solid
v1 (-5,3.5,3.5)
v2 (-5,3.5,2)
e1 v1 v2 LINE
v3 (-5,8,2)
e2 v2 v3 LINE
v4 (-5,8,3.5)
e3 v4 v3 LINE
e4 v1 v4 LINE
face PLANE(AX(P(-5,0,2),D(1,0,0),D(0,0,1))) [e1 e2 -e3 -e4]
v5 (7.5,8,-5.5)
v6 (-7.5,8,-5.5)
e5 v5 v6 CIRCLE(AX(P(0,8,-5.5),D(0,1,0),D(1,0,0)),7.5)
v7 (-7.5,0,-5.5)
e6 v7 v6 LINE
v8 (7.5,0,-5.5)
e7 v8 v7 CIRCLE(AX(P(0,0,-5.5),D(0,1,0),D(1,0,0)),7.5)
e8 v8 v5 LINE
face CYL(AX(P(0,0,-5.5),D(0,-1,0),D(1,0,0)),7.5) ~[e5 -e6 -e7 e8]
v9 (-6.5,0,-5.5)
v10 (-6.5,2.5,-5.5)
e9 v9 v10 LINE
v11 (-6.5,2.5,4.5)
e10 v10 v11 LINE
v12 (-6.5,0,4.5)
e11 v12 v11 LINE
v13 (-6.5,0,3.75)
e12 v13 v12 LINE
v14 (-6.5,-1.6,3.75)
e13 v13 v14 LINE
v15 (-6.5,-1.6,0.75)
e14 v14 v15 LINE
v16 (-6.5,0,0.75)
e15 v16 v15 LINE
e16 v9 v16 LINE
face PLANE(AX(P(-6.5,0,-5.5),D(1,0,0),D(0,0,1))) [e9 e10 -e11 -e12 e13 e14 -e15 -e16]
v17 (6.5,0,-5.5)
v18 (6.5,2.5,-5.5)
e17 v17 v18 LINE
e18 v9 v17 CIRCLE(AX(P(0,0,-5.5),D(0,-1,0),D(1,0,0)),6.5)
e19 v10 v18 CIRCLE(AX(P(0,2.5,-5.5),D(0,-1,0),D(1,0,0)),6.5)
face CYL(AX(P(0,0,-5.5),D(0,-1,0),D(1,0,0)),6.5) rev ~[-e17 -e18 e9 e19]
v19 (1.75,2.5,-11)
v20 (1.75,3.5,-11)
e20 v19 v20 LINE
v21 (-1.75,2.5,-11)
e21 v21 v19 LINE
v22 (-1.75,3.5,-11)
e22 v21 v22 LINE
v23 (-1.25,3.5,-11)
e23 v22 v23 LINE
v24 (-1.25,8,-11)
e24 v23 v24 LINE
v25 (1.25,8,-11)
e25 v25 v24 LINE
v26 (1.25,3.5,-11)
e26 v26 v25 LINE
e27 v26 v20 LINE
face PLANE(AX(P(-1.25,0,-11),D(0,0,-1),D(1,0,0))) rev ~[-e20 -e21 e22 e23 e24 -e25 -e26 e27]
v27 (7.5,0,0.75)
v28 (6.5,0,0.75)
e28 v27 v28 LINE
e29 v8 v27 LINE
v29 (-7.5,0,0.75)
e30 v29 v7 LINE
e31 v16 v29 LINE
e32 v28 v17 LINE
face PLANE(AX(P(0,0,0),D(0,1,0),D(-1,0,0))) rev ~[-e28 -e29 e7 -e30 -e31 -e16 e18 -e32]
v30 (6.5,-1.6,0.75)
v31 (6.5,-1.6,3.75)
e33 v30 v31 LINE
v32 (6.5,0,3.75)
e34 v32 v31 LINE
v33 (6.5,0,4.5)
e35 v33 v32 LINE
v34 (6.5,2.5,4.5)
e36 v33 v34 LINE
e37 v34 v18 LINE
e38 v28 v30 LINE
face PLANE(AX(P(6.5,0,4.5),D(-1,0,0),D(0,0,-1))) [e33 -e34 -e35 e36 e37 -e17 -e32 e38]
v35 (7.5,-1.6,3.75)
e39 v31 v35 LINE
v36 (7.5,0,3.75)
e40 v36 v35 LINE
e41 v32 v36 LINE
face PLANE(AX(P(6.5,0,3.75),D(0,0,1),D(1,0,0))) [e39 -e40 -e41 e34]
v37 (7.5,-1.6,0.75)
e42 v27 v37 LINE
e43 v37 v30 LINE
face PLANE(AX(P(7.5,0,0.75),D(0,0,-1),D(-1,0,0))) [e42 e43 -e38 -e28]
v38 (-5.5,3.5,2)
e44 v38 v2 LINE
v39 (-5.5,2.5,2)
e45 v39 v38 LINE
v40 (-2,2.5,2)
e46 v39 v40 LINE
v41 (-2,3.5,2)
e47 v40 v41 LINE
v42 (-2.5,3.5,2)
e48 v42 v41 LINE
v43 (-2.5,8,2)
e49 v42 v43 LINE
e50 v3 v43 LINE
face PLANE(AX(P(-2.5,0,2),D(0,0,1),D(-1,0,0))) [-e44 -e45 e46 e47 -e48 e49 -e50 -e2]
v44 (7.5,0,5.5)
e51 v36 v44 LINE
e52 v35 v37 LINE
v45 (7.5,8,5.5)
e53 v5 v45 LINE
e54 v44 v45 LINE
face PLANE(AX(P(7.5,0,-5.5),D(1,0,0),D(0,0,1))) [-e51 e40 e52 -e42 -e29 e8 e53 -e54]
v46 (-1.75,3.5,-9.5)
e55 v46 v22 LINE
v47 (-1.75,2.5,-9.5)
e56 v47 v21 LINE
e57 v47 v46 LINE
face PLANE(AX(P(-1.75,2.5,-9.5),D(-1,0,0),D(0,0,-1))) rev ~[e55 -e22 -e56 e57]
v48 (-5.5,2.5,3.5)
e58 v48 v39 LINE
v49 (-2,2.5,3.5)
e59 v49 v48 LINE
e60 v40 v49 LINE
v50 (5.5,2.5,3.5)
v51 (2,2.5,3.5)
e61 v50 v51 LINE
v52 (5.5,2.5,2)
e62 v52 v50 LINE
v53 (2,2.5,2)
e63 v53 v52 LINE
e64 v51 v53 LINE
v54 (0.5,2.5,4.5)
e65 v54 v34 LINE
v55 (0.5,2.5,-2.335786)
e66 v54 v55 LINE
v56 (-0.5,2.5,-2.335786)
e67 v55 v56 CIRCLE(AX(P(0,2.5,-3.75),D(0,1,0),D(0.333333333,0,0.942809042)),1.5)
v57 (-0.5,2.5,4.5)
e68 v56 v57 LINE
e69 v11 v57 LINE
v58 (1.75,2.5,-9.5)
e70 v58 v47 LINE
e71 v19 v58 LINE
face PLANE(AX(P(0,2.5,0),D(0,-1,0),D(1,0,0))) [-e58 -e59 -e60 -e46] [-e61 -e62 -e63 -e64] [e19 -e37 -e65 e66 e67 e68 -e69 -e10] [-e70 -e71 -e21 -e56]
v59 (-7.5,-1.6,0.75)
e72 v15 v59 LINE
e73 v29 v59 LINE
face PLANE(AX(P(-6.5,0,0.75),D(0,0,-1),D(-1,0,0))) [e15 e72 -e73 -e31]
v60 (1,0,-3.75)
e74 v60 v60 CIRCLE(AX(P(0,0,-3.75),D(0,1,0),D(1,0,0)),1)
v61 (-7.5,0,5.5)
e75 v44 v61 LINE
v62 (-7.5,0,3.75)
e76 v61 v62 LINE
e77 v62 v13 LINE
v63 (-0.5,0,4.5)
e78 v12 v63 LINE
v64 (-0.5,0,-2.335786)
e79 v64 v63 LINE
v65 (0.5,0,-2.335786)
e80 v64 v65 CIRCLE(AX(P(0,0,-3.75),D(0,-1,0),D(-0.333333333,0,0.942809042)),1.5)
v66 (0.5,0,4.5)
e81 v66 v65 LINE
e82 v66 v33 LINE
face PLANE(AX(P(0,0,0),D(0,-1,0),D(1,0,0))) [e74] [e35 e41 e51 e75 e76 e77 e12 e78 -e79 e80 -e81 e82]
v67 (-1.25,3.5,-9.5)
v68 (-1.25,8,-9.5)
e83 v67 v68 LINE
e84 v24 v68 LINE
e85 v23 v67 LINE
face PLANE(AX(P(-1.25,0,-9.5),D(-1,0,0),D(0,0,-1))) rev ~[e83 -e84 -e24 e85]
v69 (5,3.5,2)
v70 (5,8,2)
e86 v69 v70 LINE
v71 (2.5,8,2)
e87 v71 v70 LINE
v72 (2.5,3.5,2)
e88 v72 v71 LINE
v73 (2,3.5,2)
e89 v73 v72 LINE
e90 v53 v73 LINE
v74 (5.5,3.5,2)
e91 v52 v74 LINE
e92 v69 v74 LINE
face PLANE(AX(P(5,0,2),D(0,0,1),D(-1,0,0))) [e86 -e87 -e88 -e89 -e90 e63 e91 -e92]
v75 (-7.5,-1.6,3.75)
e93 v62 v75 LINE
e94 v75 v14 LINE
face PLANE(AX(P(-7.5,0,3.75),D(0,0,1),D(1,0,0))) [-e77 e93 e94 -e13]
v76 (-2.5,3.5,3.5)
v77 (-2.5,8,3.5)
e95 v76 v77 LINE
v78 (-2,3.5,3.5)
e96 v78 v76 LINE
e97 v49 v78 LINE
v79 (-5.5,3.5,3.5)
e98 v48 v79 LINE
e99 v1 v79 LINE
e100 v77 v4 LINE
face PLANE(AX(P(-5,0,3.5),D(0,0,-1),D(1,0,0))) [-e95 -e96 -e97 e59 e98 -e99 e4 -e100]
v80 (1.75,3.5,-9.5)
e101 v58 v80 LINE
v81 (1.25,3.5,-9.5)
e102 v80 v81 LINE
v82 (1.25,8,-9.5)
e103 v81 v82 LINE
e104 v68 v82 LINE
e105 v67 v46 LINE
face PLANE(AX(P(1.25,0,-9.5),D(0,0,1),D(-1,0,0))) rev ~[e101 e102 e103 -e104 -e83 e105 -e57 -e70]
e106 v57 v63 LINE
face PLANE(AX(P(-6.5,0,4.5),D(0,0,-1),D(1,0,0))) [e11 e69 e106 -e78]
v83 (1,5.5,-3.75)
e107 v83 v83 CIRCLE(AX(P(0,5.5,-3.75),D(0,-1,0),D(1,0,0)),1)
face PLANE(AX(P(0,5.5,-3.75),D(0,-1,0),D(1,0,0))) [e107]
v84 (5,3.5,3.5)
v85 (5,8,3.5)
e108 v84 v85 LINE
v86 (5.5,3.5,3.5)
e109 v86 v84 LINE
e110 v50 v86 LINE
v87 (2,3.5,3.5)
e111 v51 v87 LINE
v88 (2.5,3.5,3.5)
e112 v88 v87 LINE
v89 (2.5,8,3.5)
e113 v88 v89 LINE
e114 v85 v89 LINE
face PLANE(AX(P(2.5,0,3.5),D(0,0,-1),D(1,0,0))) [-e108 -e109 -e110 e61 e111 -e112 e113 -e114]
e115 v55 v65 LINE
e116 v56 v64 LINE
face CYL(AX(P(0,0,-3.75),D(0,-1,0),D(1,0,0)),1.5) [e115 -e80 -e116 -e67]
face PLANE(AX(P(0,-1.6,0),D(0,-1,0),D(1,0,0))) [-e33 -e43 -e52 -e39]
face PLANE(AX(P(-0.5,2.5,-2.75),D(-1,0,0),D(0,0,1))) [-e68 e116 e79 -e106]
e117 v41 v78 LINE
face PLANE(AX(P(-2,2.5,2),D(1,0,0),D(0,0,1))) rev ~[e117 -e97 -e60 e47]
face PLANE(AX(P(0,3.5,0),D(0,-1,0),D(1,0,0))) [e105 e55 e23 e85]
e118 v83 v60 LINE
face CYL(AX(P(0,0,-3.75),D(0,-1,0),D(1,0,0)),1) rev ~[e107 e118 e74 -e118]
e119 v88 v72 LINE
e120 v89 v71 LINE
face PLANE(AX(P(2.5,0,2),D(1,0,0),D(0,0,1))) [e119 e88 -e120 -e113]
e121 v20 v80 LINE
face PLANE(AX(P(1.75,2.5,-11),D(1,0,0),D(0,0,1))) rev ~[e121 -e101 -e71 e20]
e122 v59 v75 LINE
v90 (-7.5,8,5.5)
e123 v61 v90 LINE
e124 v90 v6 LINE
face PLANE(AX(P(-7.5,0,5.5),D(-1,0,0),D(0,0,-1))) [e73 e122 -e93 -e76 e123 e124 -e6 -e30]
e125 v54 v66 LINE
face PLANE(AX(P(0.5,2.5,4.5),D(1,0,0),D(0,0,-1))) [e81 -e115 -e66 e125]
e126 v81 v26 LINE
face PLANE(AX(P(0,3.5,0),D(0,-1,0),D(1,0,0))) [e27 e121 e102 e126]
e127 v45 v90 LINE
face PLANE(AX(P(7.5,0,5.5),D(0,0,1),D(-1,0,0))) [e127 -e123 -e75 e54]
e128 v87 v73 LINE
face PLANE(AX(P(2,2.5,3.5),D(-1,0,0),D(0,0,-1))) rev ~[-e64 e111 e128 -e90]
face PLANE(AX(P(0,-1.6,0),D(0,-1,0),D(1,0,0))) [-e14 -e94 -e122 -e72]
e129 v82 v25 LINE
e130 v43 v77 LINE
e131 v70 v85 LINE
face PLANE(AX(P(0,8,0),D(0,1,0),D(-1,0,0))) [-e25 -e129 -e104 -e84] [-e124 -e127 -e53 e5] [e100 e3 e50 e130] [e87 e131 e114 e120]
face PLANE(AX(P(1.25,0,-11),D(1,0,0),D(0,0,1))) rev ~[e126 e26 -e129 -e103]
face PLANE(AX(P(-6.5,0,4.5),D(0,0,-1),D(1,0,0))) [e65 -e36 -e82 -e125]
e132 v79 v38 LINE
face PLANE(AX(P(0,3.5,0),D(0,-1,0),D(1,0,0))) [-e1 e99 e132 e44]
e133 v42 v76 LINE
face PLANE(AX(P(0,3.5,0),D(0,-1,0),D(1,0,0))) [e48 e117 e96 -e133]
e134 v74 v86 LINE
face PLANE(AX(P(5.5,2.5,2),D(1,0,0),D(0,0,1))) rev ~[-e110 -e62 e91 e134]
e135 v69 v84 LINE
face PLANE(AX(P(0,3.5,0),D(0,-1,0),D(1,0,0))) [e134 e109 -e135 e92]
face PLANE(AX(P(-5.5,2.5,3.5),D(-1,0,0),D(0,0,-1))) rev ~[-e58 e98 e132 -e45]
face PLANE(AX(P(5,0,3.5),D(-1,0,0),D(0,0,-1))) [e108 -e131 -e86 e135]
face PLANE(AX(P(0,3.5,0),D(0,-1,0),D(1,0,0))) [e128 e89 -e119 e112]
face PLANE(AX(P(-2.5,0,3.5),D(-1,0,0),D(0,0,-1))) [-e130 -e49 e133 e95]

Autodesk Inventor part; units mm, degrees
ref_plane "YZ Plane" through (0, 0, 0) normal (1, 0, 0) x (0, 1, 0)
ref_plane "XZ Plane" through (0, 0, 0) normal (0, 1, 0) x (-1, 0, 0)
ref_plane "XY Plane" through (0, 0, 0) normal (0, 0, 1) x (1, 0, 0)
sketch "Sketch1" plane through (0, 0, 0) normal (0, 1, 0) x (-1, 0, 0)
  line L0 (-7.5, 5.5) -> (7.5, 5.5)
  line L1 (7.5, 5.5) -> (7.5, -5.5)
  line L2 (7.5, -5.5) -> (-7.5, -5.5)
  line L3 (-7.5, -5.5) -> (-7.5, 5.5)
  line L4 (-7.5, 5.5) -> (7.5, -5.5) construction
  line L5 (7.5, 5.5) -> (-7.5, -5.5) construction
  circle A0 centre (0, -5.5) radius 7.5 construction
  arc A1 (-7.5, -5.5) -> (7.5, -5.5) centre (0, -5.5) ccw
  point P0 (0, 0)
  dimension "d0" = 11
  dimension "d1" = 15
extrude "Extrusion1" add sketch "Sketch1" along normal blind 8
sketch "Sketch2" plane through (0, 0, 0) normal (0, -1, 0) x (1, 0, 0)
  line L0 (7.5, 9.25) -> (-7.5, 9.25)
  line L1 (-7.5, 9.25) -> (-7.5, -20.75)
  line L2 (-7.5, -20.75) -> (7.5, -20.75)
  line L3 (7.5, -20.75) -> (7.5, 9.25)
  line L4 (7.5, 9.25) -> (-7.5, -20.75) construction
  line L5 (-7.5, 9.25) -> (7.5, -20.75) construction
  line L6 (-7.5, 5.5) -> (7.5, 5.5) projected
  line L7 (7, 8.75) -> (-7, 8.75) construction
  line L8 (-7, 8.75) -> (-7, -20.25) construction
  line L9 (-7, -20.25) -> (7, -20.25) construction
  line L10 (7, -20.25) -> (7, 8.75) construction
  line L11 (7, 8.75) -> (-7, -20.25) construction
  line L12 (-7, 8.75) -> (7, -20.25) construction
  point P0 (0, 0)
  point P1 (0, -5.75)
  dimension "d4" = 15
  dimension "d5" = 30
  dimension "d6" = 3.75
  dimension "d18" = 0.5
  dimension "d19" = 0.5
sketch "Sketch4" plane through (0, 0, 0) normal (0, -1, 0) x (1, 0, 0)
  line L0 (-7.5, -5.5) -> (-7.5, 5.5) projected
  line L1 (-7.5, 3.75) -> (-6.5, 3.75)
  line L2 (-6.5, 3.75) -> (-6.5, 0.75)
  line L3 (-6.5, 0.75) -> (-7.5, 0.75)
  line L4 (-7.5, 0.75) -> (-7.5, 3.75)
  line L5 (7.5, 5.5) -> (7.5, -5.5) projected
  line L6 (7.5, 0.75) -> (6.5, 0.75)
  line L7 (6.5, 0.75) -> (6.5, 3.75)
  line L8 (6.5, 3.75) -> (7.5, 3.75)
  line L9 (7.5, 3.75) -> (7.5, 0.75)
  line L10 (-7.5, -20.25) -> (7.5, -20.25) construction
  line L11 (7.5, -20.25) -> (7.5, 9.75) construction
  line L12 (7.5, 9.75) -> (-7.5, 9.75) construction
  line L13 (-7.5, 9.75) -> (-7.5, -20.25) construction
  line L14 (-7.5, -20.25) -> (7.5, 9.75) construction
  line L15 (7.5, -20.25) -> (-7.5, 9.75) construction
  line L16 (-7.5, 5.5) -> (7.5, 5.5) construction
  arc A0 (-7.5, -5.5) -> (7.5, -5.5) centre (0, -5.5) ccw construction
  point P0 (0, 0)
  point P1 (0, -5.25)
  point P2 (0, -13)
  point P3 (-7, 3.75)
  point P4 (-7.5, 0.75)
  point P5 (-7, 0.75)
  point P6 (7.5, 3.75)
  point P7 (-7.5, 0.75)
  dimension "d20" = 1
  dimension "d21" = 3
  dimension "d22" = 1
  dimension "d23" = 3
  dimension "d24" = 15
  dimension "d25" = 30
  dimension "d27" = 7.25
  dimension "d106" = 0.75
extrude "Extrusion3" add sketch "Sketch4" along normal blind 1.6
sketch "Sketch6" plane through (0, 0, 0) normal (0, -1, 0) x (1, 0, 0)
  line L0 (7.5, 11.25) -> (-7.5, 11.25)
  line L1 (-7.5, 11.25) -> (-7.5, -18.75)
  line L2 (-7.5, -18.75) -> (7.5, -18.75)
  line L3 (7.5, -18.75) -> (7.5, 11.25)
  line L4 (7.5, 11.25) -> (-7.5, -18.75) construction
  line L5 (-7.5, 11.25) -> (7.5, -18.75) construction
  line L6 (7, 10.75) -> (-7, 10.75) construction
  line L7 (-7, 10.75) -> (-7, -18.25) construction
  line L8 (-7, -18.25) -> (7, -18.25) construction
  line L9 (7, -18.25) -> (7, 10.75) construction
  line L10 (7, 10.75) -> (-7, -18.25) construction
  line L11 (-7, 10.75) -> (7, -18.25) construction
  circle A0 centre (0, -3.75) radius 1
  circle A1 centre (0, -3.75) radius 1.5
  line L12 (-6.5, 4.5) -> (6.5, 4.5)
  line L13 (6.5, 4.5) -> (6.5, -5.5)
  line L14 (6.5, -5.5) -> (-6.5, -5.5)
  line L15 (-6.5, -5.5) -> (-6.5, 4.5)
  line L16 (-7.5, 5.5) -> (7.5, 5.5) projected
  arc A2 (-7.5, -5.5) -> (7.5, -5.5) centre (0, -5.5) ccw projected
  circle A3 centre (0, -5.5) radius 6.5
  point P0 (0, 0)
  point P1 (-7.5, -3.75)
  point P2 (6.5, -5.5)
  dimension "d31" = 15
  dimension "d32" = 30
  dimension "d34" = 0.5
  dimension "d35" = 0.5
  dimension "d36" = 2
  dimension "d37" = 0.5
  dimension "d38" = 1
  dimension "d39" = 1
  dimension "d40" = 1
  dimension "d41" = 1
  dimension "d107" = 3.75
extrude "Extrusion4" cut sketch "Sketch6" against normal blind 2.5 contours A0 | L12 L13 A3 L15 | A3 L14 | L14 A3
sketch "Sketch10" plane through (0, 8, 0) normal (0, 1, 0) x (1, 0, 0)
  point P0 (0, 0)
sketch "Sketch11" plane through (0, 0, 0) normal (0, -1, 0) x (1, 0, 0)
  line L0 (-5, 3.5) -> (-2.5, 3.5)
  line L1 (-2.5, 3.5) -> (-2.5, 2)
  line L2 (-2.5, 2) -> (-5, 2)
  line L3 (-5, 2) -> (-5, 3.5)
  line L4 (2.5, 3.5) -> (5, 3.5)
  line L5 (5, 3.5) -> (5, 2)
  line L6 (5, 2) -> (2.5, 2)
  line L7 (2.5, 2) -> (2.5, 3.5)
  line L8 (-6.5, 3.75) -> (-7.5, 3.75) projected
  line L9 (-6.5, 0.75) -> (-6.5, 3.75) projected
  line L10 (6.5, 3.75) -> (6.5, 0.75) projected
  line L11 (-6.5, 4.5) -> (6.5, 4.5) projected
  line L12 (-1.25, -11) -> (1.25, -11)
  line L13 (1.25, -11) -> (1.25, -9.5)
  line L14 (1.25, -9.5) -> (-1.25, -9.5)
  line L15 (-1.25, -9.5) -> (-1.25, -11)
  circle A0 centre (0, -3.75) radius 1 projected
  point P0 (0, 0)
  point P1 (-3.75, 3.5)
  point P2 (3.75, 3.5)
  point P3 (1.25, -10.25)
  point P4 (2.5, 2.75)
  point P5 (0, -9.5)
  point P6 (3.75, 2)
  point P7 (-2.5, 2.75)
  dimension "d51" = 2.5
  dimension "d52" = 1.5
  dimension "d55" = 2.75
  dimension "d56" = 2.75
  dimension "d60" = 13
  dimension "d61" = 3.75
  dimension "d62" = 3.75
  dimension "d103" = 6.5
  dimension "d104" = 6.5
extrude "Extrusion8" cut sketch "Sketch11" against normal blind 10 contours L0 L1 L2 L3 | L4 L5 L6 L7 | L15 L14 L13 L12
sketch "Sketch12" plane through (0, 2.5, 0) normal (0, -1, 0) x (1, 0, 0)
  line L0 (5, 2) -> (5, 3.5) construction
  line L1 (2.5, 2) -> (5, 2) construction
  line L2 (5, 3.5) -> (2.5, 3.5) construction
  line L3 (2.5, 3.5) -> (2.5, 2) construction
  line L4 (2.5, 2) -> (5, 2) construction
  line L5 (5, 2) -> (5, 3.5) construction
  line L6 (-2.5, 2) -> (-2.5, 3.5) construction
  line L7 (-2.5, 2) -> (-5, 2) construction
  line L8 (-2.5, 3.5) -> (-5, 3.5) construction
  line L9 (-5, 3.5) -> (-5, 2) construction
  line L10 (-5, 2) -> (-2.5, 2) construction
  line L11 (-2.5, 2) -> (-2.5, 3.5) construction
  line L12 (-1.25, -9.5) -> (1.25, -9.5) construction
  line L13 (-1.25, -9.5) -> (-1.25, -11) construction
  line L14 (1.25, -9.5) -> (-1.25, -9.5) construction
  line L15 (-1.25, -9.5) -> (-1.25, -11) construction
  line L16 (-1.25, -11) -> (1.25, -11) construction
  line L17 (1.25, -11) -> (1.25, -9.5) construction
  line L18 (5.5, 3.5) -> (2, 3.5)
  line L19 (2, 3.5) -> (2, 2)
  line L20 (2, 2) -> (5.5, 2)
  line L21 (5.5, 2) -> (5.5, 3.5)
  line L22 (1.75, -9.5) -> (-1.75, -9.5)
  line L23 (-1.75, -9.5) -> (-1.75, -11)
  line L24 (-1.75, -11) -> (1.75, -11)
  line L25 (1.75, -11) -> (1.75, -9.5)
  line L26 (-2, 3.5) -> (-5.5, 3.5)
  line L27 (-5.5, 3.5) -> (-5.5, 2)
  line L28 (-5.5, 2) -> (-2, 2)
  line L29 (-2, 2) -> (-2, 3.5)
  point P0 (0, 0)
  point P1 (-2.5, 2.75)
  point P2 (-2, 2.75)
  point P3 (-3.75, 2)
  point P4 (-3.75, 2)
  point P5 (-3.75, 3.5)
  point P6 (-3.75, 3.5)
  point P7 (-5, 2.75)
  point P8 (-5.5, 2.75)
  point P9 (1.25, -10.25)
  point P10 (1.75, -10.25)
  point P11 (0, -11)
  point P12 (-1.25, -10.25)
  dimension "d63" = 0.5
  dimension "d64" = 0
  dimension "d65" = 0
  dimension "d67" = 0.5
  dimension "d68" = 0
  dimension "d69" = 0
  dimension "d70" = 0.5
  dimension "d71" = 0.5
  dimension "d72" = 0
  dimension "d73" = 0
  dimension "d74" = 0.5
  dimension "d96" = 0.5
extrude "Extrusion9" cut sketch "Sketch12" against normal blind 1
sketch "Sketch16" plane through (0, 2.5, 0) normal (0, -1, 0) x (1, 0, 0)
  line L0 (-6.5, -5.5) -> (-6.5, 4.5) construction
  line L1 (-6.5, 4.5) -> (6.5, 4.5) construction
  line L2 (-6.5, 4.5) -> (6.5, 4.5) construction
  line L3 (-0.5, 4.5) -> (0.5, 4.5)
  line L4 (0.5, 4.5) -> (0.5, -2.75)
  line L5 (0.5, -2.75) -> (-0.5, -2.75)
  line L6 (-0.5, -2.75) -> (-0.5, 4.5)
  circle A0 centre (0, -3.75) radius 1.5 construction
  circle A1 centre (0, -3.75) radius 1.75 construction
  line L7 (-6.5, -2.75) -> (6.5174, -2.75) construction
  circle A2 centre (0, -3.75) radius 1.5 construction
  circle A3 centre (0, -3.75) radius 1 construction
  line L8 (6.5, 0.75) -> (6.5, -5.5) projected
  line L9 (-6.5, -5.873) -> (6.5, -5.873)
  line L10 (6.5, -5.873) -> (6.5, -6.873)
  line L11 (6.5, -6.873) -> (-6.5, -6.873)
  line L12 (-6.5, -6.873) -> (-6.5, -5.873)
  point P0 (0, 0)
  point P1 (0, 4.5)
  point P2 (0.0087, -2.75)
  dimension "d94" = 1
  dimension "d95" = 1
extrude "Extrusion10" add sketch "Sketch16" along normal blind 2.5 contours L3 L4 L5 L6
sketch "Sketch18" plane through (0, 2.5, -3.75) normal (0, -1, 0) x (1, 0, 0)
  circle A0 centre (0, 0) radius 1 projected
  circle A1 centre (0, 0) radius 1
  point P0 (0, 3.75)
extrude "Extrusion12" cut sketch "Sketch18" against normal blind 3
sketch "Sketch14" plane through (0, 2.5, 0) normal (0, -1, 0) x (1, 0, 0)
  line L0 (5, 2.75) -> (2.5, 2.75) construction
  line L1 (2.5, 2.75) -> (2.5, 1.25) construction
  line L2 (2.5, 1.25) -> (5, 1.25) construction
  line L3 (5, 1.25) -> (5, 2.75) construction
  line L4 (5.5, 3.25) -> (2, 3.25)
  line L5 (2, 3.25) -> (2, 0.75)
  line L6 (2, 0.75) -> (5.5, 0.75)
  line L7 (5.5, 0.75) -> (5.5, 3.25)
  dimension "d86" = 0.5
  dimension "d87" = 0.5
sketch "Sketch15" plane through (0, 3.5, 0) normal (0, -1, 0) x (1, 0, 0)
  line L0 (5, 2.75) -> (2.5, 2.75)
  line L1 (2.5, 2.75) -> (2.5, 1.25)
  line L2 (2.5, 1.25) -> (5, 1.25)
  line L3 (5, 1.25) -> (5, 2.75)
  point P0 (0, 0)
sketch "Sketch8" plane through (0, 0, -3.75) normal (0, -1, 0) x (1, 0, 0)
  circle A0 centre (0, 0) radius 1.75
  circle A1 centre (0, 0) radius 1.5 projected
  circle A2 centre (0, 0) radius 1.5
  point P0 (0, 3.75)
  dimension "d46" = 0.25
sketch "Sketch7" plane through (0, 2.5, -3.75) normal (0, -1, 0) x (1, 0, 0)
  circle A0 centre (0, 0) radius 1.25
  point P0 (0, 3.75)
properties part number "ANDGATE"
